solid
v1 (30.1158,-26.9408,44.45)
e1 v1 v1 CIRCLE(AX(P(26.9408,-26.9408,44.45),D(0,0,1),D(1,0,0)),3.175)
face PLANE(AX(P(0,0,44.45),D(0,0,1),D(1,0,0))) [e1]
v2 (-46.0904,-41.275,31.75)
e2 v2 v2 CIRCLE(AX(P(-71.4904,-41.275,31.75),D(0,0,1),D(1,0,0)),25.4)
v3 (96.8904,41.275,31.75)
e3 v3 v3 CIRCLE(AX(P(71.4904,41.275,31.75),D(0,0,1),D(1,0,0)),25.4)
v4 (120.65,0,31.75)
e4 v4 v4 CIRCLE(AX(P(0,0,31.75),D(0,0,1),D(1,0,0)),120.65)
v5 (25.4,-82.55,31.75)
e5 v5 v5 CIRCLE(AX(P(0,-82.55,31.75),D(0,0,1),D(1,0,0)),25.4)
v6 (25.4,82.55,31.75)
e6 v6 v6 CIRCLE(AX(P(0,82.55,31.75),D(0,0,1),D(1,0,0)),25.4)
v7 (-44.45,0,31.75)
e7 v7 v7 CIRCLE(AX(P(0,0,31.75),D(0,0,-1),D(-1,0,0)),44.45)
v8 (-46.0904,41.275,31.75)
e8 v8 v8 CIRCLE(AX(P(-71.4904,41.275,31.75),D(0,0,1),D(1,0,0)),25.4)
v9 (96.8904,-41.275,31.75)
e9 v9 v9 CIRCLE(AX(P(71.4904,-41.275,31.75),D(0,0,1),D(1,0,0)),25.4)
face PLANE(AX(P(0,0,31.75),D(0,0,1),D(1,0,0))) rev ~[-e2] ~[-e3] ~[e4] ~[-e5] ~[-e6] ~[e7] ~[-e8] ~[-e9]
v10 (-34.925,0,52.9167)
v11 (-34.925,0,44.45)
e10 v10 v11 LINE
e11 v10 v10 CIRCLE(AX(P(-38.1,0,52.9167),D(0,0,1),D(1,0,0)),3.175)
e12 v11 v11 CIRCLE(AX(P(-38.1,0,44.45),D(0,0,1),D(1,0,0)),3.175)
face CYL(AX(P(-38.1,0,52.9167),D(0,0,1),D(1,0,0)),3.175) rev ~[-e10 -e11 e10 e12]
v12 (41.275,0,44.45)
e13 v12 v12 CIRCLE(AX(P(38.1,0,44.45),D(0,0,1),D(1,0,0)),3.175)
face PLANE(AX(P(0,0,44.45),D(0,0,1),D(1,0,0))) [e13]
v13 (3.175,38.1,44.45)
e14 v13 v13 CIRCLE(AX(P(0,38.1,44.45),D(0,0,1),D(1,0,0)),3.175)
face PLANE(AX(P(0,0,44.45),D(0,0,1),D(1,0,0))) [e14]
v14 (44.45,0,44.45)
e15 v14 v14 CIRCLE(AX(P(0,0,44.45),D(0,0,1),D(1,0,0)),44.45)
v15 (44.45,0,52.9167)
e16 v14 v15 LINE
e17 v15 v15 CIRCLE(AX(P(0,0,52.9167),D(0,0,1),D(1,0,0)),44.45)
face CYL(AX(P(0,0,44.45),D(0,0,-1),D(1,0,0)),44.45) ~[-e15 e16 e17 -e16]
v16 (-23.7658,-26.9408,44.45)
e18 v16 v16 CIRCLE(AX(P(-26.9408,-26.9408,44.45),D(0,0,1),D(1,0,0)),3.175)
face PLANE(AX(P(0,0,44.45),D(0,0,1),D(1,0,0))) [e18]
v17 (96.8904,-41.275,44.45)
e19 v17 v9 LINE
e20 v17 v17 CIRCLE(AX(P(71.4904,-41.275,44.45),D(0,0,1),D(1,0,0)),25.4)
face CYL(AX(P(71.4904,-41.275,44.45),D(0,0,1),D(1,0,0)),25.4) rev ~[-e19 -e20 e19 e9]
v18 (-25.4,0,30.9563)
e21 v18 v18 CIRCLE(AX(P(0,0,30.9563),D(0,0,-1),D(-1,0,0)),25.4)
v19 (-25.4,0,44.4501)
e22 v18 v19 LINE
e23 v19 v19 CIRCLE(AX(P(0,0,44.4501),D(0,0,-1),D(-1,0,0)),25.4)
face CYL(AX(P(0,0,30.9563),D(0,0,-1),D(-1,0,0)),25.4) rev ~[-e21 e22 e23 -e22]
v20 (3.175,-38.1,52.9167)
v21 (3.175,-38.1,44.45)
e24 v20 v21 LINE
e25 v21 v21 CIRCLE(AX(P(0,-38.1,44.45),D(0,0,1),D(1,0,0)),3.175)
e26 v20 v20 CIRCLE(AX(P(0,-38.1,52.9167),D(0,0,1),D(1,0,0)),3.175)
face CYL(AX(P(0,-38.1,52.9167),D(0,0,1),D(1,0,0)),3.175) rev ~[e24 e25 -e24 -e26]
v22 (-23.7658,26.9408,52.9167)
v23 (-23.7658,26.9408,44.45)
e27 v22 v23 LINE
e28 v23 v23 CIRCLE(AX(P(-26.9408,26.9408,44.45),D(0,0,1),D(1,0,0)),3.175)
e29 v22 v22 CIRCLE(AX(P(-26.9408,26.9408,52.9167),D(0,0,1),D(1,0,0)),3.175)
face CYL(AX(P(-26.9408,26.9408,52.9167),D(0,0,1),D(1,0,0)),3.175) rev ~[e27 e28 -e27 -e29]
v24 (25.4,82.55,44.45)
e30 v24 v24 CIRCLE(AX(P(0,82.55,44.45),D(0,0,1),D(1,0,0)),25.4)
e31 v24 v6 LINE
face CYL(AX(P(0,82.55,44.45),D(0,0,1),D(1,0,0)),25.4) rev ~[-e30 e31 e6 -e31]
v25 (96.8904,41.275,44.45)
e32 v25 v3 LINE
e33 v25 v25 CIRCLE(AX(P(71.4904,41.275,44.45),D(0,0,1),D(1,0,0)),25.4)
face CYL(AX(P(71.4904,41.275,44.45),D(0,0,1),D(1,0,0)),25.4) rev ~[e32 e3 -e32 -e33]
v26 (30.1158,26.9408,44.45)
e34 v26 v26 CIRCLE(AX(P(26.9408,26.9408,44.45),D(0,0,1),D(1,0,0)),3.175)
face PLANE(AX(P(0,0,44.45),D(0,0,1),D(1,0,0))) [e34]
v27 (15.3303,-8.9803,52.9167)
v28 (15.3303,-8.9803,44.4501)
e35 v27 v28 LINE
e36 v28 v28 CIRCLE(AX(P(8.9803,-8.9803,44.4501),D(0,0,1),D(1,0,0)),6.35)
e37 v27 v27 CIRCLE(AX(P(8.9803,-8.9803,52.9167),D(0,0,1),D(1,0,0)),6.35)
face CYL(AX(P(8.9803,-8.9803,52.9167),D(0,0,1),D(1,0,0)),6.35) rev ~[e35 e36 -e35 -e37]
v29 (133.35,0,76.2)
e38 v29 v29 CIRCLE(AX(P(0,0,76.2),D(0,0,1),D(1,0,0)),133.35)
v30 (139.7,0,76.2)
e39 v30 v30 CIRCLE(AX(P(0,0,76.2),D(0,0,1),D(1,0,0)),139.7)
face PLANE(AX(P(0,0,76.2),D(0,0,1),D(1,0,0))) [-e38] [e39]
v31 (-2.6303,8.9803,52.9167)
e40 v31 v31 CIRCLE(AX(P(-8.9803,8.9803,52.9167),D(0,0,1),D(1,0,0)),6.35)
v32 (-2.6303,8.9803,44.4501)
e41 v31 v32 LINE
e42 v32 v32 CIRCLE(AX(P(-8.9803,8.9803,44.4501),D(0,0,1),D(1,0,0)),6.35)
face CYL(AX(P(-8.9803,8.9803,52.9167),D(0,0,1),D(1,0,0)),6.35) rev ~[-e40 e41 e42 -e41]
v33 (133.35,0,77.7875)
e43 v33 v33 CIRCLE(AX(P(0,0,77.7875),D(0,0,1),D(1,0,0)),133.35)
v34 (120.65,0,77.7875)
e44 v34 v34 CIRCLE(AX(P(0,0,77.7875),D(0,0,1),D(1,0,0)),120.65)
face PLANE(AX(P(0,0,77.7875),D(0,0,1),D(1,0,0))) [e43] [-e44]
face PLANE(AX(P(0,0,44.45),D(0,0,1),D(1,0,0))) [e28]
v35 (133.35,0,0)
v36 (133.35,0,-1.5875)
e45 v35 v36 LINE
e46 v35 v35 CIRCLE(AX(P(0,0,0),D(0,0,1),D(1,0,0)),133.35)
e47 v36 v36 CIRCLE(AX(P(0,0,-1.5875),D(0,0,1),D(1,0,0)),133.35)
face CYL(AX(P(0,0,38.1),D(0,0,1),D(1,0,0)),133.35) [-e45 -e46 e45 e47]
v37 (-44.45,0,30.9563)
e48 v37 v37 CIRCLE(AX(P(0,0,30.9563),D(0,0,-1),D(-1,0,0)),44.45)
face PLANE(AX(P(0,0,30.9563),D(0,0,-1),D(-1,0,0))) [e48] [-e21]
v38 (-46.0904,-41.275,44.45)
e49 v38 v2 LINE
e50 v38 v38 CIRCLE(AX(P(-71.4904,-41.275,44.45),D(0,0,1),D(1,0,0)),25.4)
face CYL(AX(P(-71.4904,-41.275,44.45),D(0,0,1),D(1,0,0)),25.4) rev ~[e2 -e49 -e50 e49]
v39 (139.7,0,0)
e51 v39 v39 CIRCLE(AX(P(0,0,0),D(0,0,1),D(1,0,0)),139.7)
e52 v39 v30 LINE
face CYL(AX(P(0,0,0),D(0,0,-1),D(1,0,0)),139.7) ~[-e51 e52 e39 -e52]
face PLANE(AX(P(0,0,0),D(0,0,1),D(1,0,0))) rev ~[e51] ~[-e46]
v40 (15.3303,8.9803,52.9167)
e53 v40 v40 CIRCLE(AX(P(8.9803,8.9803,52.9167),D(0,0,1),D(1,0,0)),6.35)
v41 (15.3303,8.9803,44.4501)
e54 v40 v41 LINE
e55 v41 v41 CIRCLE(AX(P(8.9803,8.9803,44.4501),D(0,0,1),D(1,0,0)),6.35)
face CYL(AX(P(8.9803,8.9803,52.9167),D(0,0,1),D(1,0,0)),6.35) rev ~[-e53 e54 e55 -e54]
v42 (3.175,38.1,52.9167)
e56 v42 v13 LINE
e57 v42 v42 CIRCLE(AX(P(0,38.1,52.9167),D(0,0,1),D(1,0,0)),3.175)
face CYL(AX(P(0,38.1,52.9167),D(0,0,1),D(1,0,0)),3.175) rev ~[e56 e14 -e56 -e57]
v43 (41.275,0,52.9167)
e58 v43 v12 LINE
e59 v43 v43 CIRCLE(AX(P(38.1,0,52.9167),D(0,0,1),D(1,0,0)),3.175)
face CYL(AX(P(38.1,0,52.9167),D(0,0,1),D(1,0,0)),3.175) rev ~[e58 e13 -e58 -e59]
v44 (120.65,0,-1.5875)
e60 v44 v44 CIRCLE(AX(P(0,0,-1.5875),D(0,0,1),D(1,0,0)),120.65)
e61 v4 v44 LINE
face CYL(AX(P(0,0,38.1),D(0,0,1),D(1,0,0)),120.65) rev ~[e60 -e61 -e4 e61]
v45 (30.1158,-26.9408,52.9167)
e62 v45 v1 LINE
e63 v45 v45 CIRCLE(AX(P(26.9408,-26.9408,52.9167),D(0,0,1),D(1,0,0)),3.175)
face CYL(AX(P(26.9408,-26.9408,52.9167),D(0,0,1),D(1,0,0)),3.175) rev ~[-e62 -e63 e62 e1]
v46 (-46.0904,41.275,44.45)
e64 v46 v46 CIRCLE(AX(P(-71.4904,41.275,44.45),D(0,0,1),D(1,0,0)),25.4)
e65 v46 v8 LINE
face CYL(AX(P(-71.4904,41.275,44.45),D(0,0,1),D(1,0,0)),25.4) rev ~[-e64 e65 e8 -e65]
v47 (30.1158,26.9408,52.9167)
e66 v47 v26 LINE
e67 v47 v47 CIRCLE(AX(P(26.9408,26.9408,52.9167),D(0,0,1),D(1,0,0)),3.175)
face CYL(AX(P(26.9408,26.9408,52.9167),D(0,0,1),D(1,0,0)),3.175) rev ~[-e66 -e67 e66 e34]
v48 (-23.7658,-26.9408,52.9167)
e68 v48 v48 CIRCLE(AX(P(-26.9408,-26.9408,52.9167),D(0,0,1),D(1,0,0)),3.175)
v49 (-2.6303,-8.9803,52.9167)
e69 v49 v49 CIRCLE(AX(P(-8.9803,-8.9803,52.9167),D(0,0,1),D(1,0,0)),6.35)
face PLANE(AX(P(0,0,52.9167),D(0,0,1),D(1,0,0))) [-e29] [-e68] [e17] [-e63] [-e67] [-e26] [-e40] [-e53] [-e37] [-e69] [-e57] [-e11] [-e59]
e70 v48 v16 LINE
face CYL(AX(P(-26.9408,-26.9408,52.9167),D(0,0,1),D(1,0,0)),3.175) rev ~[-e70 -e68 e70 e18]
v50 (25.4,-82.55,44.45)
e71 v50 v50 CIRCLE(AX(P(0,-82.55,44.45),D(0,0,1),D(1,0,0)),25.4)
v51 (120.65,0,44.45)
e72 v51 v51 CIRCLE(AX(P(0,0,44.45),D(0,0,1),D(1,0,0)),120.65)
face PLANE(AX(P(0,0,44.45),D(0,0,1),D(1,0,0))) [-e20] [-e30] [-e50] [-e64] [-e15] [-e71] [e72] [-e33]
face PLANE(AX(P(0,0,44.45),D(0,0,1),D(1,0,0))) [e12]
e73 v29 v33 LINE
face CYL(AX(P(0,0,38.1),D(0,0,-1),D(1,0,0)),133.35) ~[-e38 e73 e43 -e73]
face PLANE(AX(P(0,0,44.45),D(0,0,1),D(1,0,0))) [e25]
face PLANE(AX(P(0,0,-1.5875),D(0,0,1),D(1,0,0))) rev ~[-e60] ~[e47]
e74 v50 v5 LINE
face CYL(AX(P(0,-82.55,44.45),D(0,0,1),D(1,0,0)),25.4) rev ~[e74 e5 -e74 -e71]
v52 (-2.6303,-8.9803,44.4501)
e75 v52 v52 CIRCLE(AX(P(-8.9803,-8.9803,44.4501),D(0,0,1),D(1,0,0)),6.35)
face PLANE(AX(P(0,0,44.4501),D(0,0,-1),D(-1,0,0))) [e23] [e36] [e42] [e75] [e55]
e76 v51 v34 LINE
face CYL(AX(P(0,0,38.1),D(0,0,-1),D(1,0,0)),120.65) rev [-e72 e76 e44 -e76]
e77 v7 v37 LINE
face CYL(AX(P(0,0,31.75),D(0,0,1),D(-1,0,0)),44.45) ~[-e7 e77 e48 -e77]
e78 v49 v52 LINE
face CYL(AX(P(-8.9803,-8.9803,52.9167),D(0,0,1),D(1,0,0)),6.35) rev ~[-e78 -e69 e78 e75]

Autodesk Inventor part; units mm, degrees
ref_plane "YZ Plane" through (0, 0, 0) normal (1, 0, 0) x (0, 1, 0)
sketch "Sketch1" plane through (0, 0, 0) normal (0, 0, 1) x (1, 0, 0)
  circle A0 centre (0, 0) radius 139.7
  circle A1 centre (0, 0) radius 133.35
  dimension "d0" = 279.4
  dimension "d1" = 266.7
extrude "Extrusion1" add sketch "Sketch1" along normal blind 76.2
ref_plane "Work Plane1" through (0, 0, 38.1) normal (0, 0, 1) x (1, 0, 0)
sketch "Sketch2" plane through (0, 0, 38.1) normal (0, 0, 1) x (1, 0, 0)
  circle A0 centre (0, 0) radius 133.35
  circle A1 centre (0, 0) radius 120.65
  dimension "d5" = 241.3
extrude "Extrusion2" add sketch "Sketch2" along normal mid plane 79.375
ref_plane "Work Plane2" through (0, 0, 44.45) normal (0, 0, 1) x (1, 0, 0)
sketch "Sketch3" plane through (0, 0, 44.45) normal (0, 0, 1) x (1, 0, 0)
  circle A0 centre (0, 0) radius 120.65
  circle A1 centre (0, 82.55) radius 25.4
  line L0 (0, 82.55) -> (0, 0) construction
  circle A2 centre (-71.4904, 41.275) radius 25.4
  line L1 (-71.4904, 41.275) -> (0, 0) construction
  circle A3 centre (-71.4904, -41.275) radius 25.4
  line L2 (-71.4904, -41.275) -> (0, 0) construction
  circle A4 centre (0, -82.55) radius 25.4
  line L3 (0, -82.55) -> (0, 0) construction
  circle A5 centre (71.4904, -41.275) radius 25.4
  line L4 (71.4904, -41.275) -> (0, 0) construction
  circle A6 centre (71.4904, 41.275) radius 25.4
  line L5 (71.4904, 41.275) -> (0, 0) construction
  dimension "d11" = 241.3
  dimension "d12" = 50.8
  dimension "d13" = 82.55
  dimension "d16" = 360
extrude "Extrusion3" add sketch "Sketch3" against normal blind 12.7
sketch "Sketch4" plane through (0, 0, 44.45) normal (0, 0, 1) x (1, 0, 0)
  circle A0 centre (0, 0) radius 44.45
  dimension "d20" = 88.9
extrude "Extrusion4" add sketch "Sketch4" along normal blind 8.4667
sketch "Sketch6" plane through (0, 0, 31.75) normal (0, 0, -1) x (-1, 0, 0)
  circle A0 centre (0, 0) radius 44.45
extrude "Extrusion5" add sketch "Sketch6" along normal blind 0.7937
sketch "Sketch5" plane through (0, 0, 52.9167) normal (0, 0, 1) x (1, 0, 0)
  circle A0 centre (-38.1, 0) radius 3.175
  circle A1 centre (38.1, 0) radius 3.175
  circle A2 centre (0, 38.1) radius 3.175
  circle A3 centre (0, -38.1) radius 3.175
  circle A4 centre (-26.9408, 26.9408) radius 3.175
  circle A5 centre (26.9408, 26.9408) radius 3.175
  circle A6 centre (26.9408, -26.9408) radius 3.175
  circle A7 centre (-26.9408, -26.9408) radius 3.175
  line L0 (-38.1, 0) -> (0, 0) construction
  line L1 (0, 0) -> (-26.9408, 26.9408) construction
  line L2 (0, 38.1) -> (0, 0) construction
  line L3 (26.9408, 26.9408) -> (0, 0) construction
  line L4 (38.1, 0) -> (0, 0) construction
  line L5 (26.9408, -26.9408) -> (0, 0) construction
  line L6 (0, -38.1) -> (0, 0) construction
  line L7 (-26.9408, -26.9408) -> (0, 0) construction
  line L8 (-8.9803, 8.9803) -> (8.9803, 8.9803) construction
  line L9 (8.9803, 8.9803) -> (8.9803, -8.9803) construction
  line L10 (8.9803, -8.9803) -> (-8.9803, -8.9803) construction
  line L11 (-8.9803, -8.9803) -> (-8.9803, 8.9803) construction
  circle A8 centre (-8.9803, 8.9803) radius 6.35
  circle A9 centre (8.9803, 8.9803) radius 6.35
  circle A10 centre (8.9803, -8.9803) radius 6.35
  circle A11 centre (-8.9803, -8.9803) radius 6.35
  dimension "d23" = 45
  dimension "d24" = 6.35
  dimension "d25" = 38.1
  dimension "d26" = 12.7
  dimension "d27" = 12.7
extrude "Extrusion6" cut sketch "Sketch5" against normal blind 8.4667
sketch "Sketch7" plane through (0, 0, 30.9563) normal (0, 0, -1) x (-1, 0, 0)
  circle A0 centre (0, 0) radius 25.4
  dimension "d32" = 50.8
extrude "Extrusion7" cut sketch "Sketch7" against normal blind 13.4938
properties part number "Main Wheel"
